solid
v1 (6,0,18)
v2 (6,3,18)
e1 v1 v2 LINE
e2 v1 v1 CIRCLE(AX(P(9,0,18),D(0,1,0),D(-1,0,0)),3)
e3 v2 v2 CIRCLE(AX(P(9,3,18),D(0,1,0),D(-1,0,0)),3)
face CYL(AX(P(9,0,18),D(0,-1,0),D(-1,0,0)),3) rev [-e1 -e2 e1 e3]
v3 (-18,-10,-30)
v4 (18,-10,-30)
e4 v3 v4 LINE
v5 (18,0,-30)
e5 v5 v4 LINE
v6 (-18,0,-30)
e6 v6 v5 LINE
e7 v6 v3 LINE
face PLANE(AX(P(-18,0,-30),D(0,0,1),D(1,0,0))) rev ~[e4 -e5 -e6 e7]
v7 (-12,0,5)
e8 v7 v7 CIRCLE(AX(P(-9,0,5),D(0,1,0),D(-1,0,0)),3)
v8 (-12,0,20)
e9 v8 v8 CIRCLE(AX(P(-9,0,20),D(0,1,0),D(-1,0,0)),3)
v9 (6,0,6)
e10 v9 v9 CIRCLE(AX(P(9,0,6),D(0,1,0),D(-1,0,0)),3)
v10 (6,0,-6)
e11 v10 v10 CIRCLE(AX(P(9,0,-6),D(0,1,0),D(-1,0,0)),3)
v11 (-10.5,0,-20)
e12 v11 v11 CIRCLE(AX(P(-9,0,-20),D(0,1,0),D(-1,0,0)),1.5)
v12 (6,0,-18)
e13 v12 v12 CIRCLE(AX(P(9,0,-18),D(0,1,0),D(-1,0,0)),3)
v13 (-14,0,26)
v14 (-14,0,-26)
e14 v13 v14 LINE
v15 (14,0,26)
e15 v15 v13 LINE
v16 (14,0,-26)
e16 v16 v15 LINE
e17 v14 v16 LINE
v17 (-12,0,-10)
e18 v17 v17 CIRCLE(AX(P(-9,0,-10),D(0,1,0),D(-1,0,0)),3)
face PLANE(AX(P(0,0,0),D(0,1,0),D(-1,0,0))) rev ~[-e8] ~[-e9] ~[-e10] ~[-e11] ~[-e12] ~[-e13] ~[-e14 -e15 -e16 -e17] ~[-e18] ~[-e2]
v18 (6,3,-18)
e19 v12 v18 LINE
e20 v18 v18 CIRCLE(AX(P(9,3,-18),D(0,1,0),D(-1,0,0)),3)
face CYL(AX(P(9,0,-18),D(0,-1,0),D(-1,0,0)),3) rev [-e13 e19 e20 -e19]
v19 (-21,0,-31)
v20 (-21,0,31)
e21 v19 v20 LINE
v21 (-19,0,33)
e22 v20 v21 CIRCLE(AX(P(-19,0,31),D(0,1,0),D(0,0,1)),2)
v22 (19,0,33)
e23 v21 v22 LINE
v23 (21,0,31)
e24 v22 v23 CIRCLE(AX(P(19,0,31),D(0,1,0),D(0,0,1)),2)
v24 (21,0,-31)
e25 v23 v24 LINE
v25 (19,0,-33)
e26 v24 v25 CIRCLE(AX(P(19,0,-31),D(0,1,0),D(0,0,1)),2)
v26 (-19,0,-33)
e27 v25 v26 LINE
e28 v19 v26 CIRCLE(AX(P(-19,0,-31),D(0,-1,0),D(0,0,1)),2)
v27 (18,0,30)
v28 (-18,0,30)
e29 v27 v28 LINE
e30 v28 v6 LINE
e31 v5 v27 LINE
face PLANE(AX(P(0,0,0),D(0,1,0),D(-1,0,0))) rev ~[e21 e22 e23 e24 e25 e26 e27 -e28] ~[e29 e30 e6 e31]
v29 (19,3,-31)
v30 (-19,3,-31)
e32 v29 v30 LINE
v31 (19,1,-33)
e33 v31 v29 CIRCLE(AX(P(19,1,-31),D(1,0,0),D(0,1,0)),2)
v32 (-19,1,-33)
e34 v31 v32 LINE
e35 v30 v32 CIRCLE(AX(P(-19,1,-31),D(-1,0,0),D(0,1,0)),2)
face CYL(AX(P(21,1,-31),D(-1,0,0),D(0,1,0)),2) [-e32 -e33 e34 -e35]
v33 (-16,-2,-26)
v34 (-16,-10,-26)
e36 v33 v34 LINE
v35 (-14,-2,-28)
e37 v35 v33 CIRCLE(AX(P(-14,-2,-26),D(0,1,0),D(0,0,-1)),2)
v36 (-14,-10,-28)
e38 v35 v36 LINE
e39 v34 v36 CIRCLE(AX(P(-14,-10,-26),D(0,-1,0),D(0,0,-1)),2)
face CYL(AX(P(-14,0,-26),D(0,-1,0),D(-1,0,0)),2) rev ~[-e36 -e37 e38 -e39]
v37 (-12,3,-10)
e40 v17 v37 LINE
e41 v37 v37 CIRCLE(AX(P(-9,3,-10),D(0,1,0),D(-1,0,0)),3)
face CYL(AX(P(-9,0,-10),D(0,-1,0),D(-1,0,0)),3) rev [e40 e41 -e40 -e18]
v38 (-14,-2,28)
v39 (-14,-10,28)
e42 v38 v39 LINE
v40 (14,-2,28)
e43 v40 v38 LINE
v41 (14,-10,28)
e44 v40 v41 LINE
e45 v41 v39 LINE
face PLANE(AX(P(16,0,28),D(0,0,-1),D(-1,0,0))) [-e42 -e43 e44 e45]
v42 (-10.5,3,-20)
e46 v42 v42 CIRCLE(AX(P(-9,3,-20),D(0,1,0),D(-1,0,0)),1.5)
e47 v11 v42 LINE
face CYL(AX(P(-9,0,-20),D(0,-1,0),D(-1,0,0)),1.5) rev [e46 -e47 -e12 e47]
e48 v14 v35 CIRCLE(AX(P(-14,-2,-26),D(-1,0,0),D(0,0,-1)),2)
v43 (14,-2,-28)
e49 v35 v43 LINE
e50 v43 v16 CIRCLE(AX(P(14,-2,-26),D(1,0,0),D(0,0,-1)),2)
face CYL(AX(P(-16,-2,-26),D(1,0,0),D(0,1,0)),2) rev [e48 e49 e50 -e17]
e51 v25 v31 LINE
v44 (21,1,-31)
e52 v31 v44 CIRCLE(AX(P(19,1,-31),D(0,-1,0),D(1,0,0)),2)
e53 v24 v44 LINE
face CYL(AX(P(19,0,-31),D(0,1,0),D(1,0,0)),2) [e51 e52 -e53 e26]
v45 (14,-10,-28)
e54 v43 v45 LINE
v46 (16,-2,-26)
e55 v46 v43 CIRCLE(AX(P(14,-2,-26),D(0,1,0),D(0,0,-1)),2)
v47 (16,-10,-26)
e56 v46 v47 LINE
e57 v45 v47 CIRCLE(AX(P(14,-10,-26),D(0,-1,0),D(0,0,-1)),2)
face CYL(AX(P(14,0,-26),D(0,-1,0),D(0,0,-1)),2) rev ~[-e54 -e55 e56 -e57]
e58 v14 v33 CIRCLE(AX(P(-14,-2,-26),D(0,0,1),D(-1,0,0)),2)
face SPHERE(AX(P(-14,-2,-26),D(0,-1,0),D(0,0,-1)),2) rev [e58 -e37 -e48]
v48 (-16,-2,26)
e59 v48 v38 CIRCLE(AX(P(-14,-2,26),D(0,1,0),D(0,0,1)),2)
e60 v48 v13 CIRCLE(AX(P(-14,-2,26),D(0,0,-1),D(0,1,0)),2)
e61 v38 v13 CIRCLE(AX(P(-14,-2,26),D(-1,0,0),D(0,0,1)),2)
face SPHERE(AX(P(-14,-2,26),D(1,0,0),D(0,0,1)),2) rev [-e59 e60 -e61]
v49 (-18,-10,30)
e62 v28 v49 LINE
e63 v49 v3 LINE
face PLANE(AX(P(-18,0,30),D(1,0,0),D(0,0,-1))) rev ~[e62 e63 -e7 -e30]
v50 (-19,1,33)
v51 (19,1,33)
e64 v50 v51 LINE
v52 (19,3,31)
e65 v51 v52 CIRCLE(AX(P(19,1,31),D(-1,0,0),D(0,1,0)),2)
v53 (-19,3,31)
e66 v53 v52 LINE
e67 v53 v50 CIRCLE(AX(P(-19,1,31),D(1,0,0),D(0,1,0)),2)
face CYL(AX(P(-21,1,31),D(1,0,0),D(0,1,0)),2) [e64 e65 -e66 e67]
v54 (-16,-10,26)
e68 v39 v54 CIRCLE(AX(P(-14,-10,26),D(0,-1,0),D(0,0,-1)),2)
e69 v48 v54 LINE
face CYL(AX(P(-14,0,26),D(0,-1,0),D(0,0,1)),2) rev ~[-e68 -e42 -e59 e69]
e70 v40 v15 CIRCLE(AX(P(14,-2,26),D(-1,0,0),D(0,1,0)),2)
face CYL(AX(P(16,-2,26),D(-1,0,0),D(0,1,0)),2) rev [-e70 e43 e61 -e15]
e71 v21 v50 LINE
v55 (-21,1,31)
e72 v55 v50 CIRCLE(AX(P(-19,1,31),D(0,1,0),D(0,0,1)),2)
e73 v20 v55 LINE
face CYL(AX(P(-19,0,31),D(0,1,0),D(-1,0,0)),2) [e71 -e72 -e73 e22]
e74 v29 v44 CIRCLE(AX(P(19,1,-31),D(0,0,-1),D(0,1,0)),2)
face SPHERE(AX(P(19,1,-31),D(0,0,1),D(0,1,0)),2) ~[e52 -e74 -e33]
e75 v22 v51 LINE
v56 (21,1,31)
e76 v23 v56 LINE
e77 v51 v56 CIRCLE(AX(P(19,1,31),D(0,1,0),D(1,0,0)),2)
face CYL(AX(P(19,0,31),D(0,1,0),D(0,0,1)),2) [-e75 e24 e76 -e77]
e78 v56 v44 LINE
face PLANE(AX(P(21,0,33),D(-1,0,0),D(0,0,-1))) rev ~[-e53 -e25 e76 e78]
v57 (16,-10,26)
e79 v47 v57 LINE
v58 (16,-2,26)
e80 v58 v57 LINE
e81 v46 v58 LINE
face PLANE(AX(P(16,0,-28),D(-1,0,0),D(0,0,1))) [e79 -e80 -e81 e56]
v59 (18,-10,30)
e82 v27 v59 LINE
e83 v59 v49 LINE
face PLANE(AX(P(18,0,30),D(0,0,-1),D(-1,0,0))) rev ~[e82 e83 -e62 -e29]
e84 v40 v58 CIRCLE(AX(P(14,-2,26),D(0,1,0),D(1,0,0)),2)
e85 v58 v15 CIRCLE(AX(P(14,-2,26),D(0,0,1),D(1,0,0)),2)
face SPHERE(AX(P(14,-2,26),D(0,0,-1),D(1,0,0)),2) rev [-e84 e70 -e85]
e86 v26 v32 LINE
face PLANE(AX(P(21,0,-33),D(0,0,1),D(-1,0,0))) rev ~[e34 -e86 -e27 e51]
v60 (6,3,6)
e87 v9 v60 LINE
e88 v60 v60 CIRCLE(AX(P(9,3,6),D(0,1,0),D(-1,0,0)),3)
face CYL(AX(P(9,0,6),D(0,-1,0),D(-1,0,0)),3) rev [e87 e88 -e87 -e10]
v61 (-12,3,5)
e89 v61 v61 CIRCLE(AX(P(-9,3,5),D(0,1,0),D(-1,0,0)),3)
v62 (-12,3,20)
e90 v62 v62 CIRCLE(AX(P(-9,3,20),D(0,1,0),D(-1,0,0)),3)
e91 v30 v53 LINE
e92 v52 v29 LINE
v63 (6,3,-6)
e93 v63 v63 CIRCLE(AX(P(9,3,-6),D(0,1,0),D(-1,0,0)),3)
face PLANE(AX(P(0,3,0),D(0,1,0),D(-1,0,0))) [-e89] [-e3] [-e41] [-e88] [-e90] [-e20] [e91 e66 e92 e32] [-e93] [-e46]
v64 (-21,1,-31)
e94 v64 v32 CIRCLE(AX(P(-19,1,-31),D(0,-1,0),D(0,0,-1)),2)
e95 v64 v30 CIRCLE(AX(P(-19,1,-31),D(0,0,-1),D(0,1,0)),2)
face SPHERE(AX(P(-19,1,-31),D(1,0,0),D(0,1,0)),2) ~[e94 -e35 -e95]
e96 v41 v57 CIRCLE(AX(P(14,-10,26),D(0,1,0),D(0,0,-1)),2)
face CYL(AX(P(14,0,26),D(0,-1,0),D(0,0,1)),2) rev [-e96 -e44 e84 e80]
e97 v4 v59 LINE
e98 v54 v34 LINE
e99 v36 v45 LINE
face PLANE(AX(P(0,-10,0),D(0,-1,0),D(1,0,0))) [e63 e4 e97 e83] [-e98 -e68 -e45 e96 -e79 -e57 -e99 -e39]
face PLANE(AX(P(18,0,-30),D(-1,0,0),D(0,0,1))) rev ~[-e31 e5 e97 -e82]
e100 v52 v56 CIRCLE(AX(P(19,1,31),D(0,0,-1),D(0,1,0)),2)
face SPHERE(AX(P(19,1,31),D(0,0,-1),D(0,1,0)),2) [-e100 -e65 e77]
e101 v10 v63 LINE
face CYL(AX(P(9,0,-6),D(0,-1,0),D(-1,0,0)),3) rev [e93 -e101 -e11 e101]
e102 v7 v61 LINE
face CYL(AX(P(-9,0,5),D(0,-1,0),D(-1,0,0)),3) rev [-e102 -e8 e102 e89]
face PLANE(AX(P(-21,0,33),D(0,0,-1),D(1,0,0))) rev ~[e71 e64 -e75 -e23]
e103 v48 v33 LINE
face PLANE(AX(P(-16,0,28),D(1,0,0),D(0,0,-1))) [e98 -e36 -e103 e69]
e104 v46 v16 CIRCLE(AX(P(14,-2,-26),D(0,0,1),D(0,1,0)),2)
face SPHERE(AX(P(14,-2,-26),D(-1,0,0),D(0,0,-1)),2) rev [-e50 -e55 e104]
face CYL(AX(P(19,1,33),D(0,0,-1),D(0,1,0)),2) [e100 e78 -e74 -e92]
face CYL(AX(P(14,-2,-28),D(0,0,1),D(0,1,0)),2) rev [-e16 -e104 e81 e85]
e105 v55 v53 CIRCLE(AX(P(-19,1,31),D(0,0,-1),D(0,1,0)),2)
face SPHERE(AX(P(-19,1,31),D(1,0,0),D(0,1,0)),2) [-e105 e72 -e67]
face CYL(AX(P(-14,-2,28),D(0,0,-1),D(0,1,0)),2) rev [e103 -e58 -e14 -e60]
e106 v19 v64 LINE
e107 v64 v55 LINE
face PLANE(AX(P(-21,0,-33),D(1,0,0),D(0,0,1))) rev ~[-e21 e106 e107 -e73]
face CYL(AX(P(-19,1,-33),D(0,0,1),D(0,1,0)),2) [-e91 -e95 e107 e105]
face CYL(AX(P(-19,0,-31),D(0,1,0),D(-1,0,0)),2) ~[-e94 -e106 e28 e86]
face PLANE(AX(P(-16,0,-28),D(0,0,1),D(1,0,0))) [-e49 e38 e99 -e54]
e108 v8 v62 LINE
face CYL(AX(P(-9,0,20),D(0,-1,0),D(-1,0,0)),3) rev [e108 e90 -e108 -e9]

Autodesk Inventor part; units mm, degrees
ref_plane "YZ Plane" through (0, 0, 0) normal (1, 0, 0) x (0, 1, 0)
ref_plane "XZ Plane" through (0, 0, 0) normal (0, 1, 0) x (-1, 0, 0)
ref_plane "XY Plane" through (0, 0, 0) normal (0, 0, 1) x (1, 0, 0)
sketch "Sketch1" plane through (0, 0, 0) normal (0, 1, 0) x (-1, 0, 0)
  line L0 (18, 30) -> (-18, 30)
  line L1 (-18, 30) -> (-18, -30)
  line L2 (-18, -30) -> (18, -30)
  line L3 (18, -30) -> (18, 30)
  line L4 (18, 30) -> (-18, -30) construction
  line L5 (-18, 30) -> (18, -30) construction
  circle A0 centre (9, 20) radius 3
  circle A1 centre (9, 5) radius 3
  circle A2 centre (-9, 18) radius 3
  circle A3 centre (-9, 6) radius 3
  circle A4 centre (-9, -6) radius 3
  circle A5 centre (-9, -18) radius 3
  circle A6 centre (9, -10) radius 3
  circle A7 centre (9, -20) radius 1.5
  line L6 (21, 33) -> (-21, 33)
  line L7 (-21, 33) -> (-21, -33)
  line L8 (-21, -33) -> (21, -33)
  line L9 (21, -33) -> (21, 33)
  line L10 (21, 33) -> (-21, -33) construction
  line L11 (-21, 33) -> (21, -33) construction
  point P0 (0, 0)
  dimension "d0" = 36
  dimension "d1" = 60
  dimension "d2" = 6
  dimension "d3" = 6
  dimension "d4" = 6
  dimension "d5" = 6
  dimension "d6" = 6
  dimension "d7" = 6
  dimension "d8" = 6
  dimension "d9" = 3
  dimension "d10" = 10
  dimension "d11" = 5
  dimension "d12" = 9
  dimension "d13" = 9
  dimension "d14" = 9
  dimension "d15" = 9
  dimension "d16" = 10
  dimension "d17" = 10
  dimension "d18" = 9
  dimension "d19" = 9
  dimension "d20" = 9
  dimension "d21" = 9
  dimension "d22" = 12
  dimension "d23" = 12
  dimension "d24" = 12
  dimension "d25" = 12
  dimension "d26" = 3
  dimension "d27" = 3
extrude "Extrusion1" add sketch "Sketch1" along normal blind 3 contours L3 L2 L1 L0 | L9 L8 L7 L6
sketch "Sketch2" plane through (0, 0, 0) normal (0, -1, 0) x (1, 0, 0)
  line L0 (18, 30) -> (-18, 30)
  line L1 (-18, 30) -> (-18, -30)
  line L2 (-18, -30) -> (18, -30)
  line L3 (18, -30) -> (18, 30)
  line L4 (18, 30) -> (-18, -30) construction
  line L5 (-18, 30) -> (18, -30) construction
  line L6 (16, 28) -> (-16, 28)
  line L7 (-16, 28) -> (-16, -28)
  line L8 (-16, -28) -> (16, -28)
  line L9 (16, -28) -> (16, 28)
  line L10 (16, 28) -> (-16, -28) construction
  line L11 (-16, 28) -> (16, -28) construction
  point P0 (0, 0)
  dimension "d30" = 36
  dimension "d31" = 60
  dimension "d32" = 2
  dimension "d33" = 2
extrude "Extrusion2" add sketch "Sketch2" along normal blind 10
fillet "Fillet1" radius 2 8 edges at (21, 3, 0) (0, 3, -33) (0, 3, 33) (-21, 3, 0) (21, 1.5, 33) (21, 1.5, -33) (-21, 1.5, -33) (-21, 1.5, 33)
fillet "Fillet2" radius 2 8 edges at (-16, -5, -28) (0, 0, -28) (16, -5, -28) (16, 0, 0) (16, -5, 28) (0, 0, 28) (-16, -5, 28) (-16, 0, 0)
properties part number "vstup"
